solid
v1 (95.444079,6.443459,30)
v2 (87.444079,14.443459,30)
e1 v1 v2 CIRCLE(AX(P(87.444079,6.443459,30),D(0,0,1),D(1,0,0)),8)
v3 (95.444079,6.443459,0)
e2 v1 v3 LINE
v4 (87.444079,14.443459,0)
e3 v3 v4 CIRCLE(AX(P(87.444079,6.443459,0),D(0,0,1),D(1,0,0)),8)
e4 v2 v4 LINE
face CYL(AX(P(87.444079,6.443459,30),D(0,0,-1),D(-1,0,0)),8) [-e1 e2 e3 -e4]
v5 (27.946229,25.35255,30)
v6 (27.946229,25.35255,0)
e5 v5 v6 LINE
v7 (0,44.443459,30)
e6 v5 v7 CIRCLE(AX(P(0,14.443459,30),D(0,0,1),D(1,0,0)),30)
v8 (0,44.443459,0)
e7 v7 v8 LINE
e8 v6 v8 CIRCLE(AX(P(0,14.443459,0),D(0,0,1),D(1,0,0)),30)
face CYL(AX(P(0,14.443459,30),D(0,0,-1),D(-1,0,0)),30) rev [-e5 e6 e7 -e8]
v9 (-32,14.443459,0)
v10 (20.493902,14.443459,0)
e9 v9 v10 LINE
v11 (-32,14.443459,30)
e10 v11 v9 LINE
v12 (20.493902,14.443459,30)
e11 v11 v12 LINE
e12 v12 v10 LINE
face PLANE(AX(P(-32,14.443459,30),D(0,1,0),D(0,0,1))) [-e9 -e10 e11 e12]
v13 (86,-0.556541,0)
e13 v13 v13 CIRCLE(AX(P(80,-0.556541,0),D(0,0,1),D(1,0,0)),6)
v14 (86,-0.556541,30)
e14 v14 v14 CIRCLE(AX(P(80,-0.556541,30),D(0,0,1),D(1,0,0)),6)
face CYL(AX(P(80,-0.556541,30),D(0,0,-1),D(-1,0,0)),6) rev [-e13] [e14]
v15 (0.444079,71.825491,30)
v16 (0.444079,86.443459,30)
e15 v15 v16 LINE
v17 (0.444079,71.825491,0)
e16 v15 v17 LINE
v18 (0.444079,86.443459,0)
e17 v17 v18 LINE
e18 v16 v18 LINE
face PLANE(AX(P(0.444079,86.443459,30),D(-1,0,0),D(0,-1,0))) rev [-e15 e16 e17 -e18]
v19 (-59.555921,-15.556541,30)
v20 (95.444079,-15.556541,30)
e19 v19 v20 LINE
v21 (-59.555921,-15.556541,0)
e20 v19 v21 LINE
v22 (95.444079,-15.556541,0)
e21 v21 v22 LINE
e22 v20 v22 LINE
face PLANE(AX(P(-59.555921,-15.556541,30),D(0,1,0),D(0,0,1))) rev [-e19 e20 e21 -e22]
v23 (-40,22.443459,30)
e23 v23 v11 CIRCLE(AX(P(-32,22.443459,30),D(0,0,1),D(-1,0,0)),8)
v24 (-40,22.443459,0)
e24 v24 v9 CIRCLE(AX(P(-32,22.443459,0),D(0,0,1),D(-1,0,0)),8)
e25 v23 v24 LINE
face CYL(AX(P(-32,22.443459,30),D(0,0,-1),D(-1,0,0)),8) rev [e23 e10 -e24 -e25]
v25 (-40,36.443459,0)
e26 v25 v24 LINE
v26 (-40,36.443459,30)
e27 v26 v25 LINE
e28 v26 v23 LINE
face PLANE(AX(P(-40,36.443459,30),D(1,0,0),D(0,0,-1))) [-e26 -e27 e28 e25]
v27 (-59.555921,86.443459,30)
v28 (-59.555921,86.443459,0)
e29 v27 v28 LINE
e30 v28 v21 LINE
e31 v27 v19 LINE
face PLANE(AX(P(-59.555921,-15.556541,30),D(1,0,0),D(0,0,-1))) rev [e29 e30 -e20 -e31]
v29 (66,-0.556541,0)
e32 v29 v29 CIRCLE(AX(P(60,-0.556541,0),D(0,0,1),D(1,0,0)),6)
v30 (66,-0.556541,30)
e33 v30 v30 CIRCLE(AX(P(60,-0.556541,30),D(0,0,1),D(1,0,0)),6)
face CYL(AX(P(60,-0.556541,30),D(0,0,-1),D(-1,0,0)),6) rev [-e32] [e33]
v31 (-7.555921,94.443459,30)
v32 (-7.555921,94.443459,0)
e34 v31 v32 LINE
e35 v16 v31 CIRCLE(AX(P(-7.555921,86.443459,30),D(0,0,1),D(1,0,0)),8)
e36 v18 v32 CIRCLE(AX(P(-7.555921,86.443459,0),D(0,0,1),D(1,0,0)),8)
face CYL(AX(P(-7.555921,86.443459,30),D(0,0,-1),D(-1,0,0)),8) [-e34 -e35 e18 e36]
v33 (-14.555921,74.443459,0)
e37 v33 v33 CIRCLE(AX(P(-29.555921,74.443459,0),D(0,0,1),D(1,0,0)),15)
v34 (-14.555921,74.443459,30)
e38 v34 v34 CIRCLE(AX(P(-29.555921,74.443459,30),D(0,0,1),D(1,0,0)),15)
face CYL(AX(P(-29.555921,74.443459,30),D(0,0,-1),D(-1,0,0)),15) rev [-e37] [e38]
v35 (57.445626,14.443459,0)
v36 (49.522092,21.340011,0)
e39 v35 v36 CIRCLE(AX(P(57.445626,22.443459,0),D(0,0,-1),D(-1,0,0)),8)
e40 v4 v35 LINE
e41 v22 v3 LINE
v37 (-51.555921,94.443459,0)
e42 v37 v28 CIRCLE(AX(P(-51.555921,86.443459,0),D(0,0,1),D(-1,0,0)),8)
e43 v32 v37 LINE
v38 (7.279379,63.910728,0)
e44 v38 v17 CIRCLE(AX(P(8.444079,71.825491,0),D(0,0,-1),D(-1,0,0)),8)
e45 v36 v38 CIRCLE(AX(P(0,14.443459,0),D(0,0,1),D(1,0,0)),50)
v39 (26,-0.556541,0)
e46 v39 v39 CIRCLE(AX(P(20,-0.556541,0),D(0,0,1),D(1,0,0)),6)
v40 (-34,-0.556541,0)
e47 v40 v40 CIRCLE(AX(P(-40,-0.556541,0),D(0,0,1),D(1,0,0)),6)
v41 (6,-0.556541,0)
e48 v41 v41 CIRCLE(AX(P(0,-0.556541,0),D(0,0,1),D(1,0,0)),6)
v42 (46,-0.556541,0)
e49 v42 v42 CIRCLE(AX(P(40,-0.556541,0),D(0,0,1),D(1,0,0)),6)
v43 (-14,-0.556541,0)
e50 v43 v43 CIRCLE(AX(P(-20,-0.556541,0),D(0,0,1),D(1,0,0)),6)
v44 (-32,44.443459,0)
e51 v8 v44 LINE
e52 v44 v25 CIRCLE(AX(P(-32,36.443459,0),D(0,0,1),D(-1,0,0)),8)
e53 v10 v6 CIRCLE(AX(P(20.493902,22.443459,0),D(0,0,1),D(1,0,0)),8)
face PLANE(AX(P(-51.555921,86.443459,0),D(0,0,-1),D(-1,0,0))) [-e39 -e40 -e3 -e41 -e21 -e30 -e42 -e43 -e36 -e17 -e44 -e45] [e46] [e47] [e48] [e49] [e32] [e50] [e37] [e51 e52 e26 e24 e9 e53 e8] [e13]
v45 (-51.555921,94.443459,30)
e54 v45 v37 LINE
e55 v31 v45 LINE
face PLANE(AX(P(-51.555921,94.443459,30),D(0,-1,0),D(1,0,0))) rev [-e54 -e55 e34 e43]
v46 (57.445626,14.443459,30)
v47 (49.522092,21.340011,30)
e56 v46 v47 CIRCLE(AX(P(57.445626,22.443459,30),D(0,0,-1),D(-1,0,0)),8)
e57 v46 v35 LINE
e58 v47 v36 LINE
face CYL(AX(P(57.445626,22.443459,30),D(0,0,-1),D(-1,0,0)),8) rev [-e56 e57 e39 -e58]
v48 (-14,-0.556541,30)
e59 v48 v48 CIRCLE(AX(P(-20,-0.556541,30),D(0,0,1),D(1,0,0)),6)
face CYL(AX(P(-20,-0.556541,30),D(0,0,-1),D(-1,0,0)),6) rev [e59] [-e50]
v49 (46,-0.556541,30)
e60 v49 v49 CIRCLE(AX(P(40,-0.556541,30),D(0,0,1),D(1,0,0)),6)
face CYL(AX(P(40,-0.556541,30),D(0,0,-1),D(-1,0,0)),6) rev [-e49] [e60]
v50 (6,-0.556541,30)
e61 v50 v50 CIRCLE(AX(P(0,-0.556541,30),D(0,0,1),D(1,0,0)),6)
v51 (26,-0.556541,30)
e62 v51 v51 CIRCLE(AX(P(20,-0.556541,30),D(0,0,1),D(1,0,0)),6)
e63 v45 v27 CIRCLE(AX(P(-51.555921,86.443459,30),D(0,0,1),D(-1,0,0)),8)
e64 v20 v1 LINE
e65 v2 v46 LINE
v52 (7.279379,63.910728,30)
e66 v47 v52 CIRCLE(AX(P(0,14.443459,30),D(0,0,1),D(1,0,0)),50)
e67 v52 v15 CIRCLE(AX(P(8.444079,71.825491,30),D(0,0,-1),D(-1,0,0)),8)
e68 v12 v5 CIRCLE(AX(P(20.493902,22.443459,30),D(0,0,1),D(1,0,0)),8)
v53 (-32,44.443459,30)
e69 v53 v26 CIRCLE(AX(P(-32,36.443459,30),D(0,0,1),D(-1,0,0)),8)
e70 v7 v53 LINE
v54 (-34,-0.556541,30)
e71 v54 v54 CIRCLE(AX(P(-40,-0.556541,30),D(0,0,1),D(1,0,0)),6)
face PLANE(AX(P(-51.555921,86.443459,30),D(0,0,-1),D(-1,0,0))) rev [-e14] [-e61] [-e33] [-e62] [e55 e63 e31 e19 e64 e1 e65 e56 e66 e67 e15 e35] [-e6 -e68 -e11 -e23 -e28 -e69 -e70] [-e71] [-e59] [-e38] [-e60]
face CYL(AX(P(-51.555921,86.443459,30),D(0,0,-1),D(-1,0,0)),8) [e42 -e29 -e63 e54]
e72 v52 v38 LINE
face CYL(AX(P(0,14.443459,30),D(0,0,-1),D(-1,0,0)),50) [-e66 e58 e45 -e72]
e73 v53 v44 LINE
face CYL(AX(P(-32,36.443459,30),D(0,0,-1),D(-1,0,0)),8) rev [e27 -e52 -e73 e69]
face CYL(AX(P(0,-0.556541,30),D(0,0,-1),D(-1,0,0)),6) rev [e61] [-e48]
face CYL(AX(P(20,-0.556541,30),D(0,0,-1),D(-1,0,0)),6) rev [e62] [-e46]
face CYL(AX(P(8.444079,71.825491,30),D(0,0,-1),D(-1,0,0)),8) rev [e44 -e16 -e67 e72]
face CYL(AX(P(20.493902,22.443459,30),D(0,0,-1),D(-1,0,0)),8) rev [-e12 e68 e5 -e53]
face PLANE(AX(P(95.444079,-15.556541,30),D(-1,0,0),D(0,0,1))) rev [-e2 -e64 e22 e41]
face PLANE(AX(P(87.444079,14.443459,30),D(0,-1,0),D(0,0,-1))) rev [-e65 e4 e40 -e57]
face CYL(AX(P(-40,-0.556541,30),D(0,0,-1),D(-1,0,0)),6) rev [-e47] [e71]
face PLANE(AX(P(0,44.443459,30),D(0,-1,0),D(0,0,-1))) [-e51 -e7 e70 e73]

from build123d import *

# Parameters (mm, degrees)
SKETCH1_R           = 15
SKETCH1_R_2         = 6
BOSS_EXTRUDE1_DEPTH = 30


with BuildPart() as part:
    # Sketch1 → Boss-Extrude1 (new body)
    with BuildSketch(Plane.XY):
        with BuildLine():
            Line((-59.555920585, -15.55654054), (95.444079415, -15.55654054))
            Line((95.444079415, -15.55654054), (95.444079415, 6.44345946))
            ThreePointArc((95.444079415, 6.44345946), (93.100933664, 12.100313709), (87.444079415, 14.44345946))
            Line((87.444079415, 14.44345946), (57.445626465, 14.44345946))
            ThreePointArc((57.445626465, 14.44345946), (52.193369151, 16.409075224), (49.522091781, 21.340011184))
            ThreePointArc((49.522091781, 21.340011184), (35.491805322, 49.661803472), (7.279378806, 63.910727872))
            ThreePointArc((7.279378806, 63.910727872), (2.389428109, 66.596609718), (0.444079415, 71.825490818))
            Line((0.444079415, 71.825490818), (0.444079415, 86.44345946))
            ThreePointArc((0.444079415, 86.44345946), (-1.899066336, 92.100313709), (-7.555920585, 94.44345946))
            Line((-7.555920585, 94.44345946), (-51.555920585, 94.44345946))
            ThreePointArc((-51.555920585, 94.44345946), (-57.212774835, 92.100313709), (-59.555920585, 86.44345946))
            Line((-59.555920585, 86.44345946), (-59.555920585, -15.55654054))
        make_face()
        with Locations((-29.555920585, 74.44345946)):
            Circle(SKETCH1_R, mode=Mode.SUBTRACT)
        with Locations((-40, -0.55654054)):
            Circle(SKETCH1_R_2, mode=Mode.SUBTRACT)
        with Locations((-20, -0.55654054)):
            Circle(SKETCH1_R_2, mode=Mode.SUBTRACT)
        with Locations((0, -0.55654054)):
            Circle(SKETCH1_R_2, mode=Mode.SUBTRACT)
        with Locations((20, -0.55654054)):
            Circle(SKETCH1_R_2, mode=Mode.SUBTRACT)
        with Locations((40, -0.55654054)):
            Circle(SKETCH1_R_2, mode=Mode.SUBTRACT)
        with Locations((60, -0.55654054)):
            Circle(SKETCH1_R_2, mode=Mode.SUBTRACT)
        with Locations((80, -0.55654054)):
            Circle(SKETCH1_R_2, mode=Mode.SUBTRACT)
        with BuildLine():
            Line((0, 44.44345946), (-32, 44.44345946))
            ThreePointArc((-32, 44.44345946), (-37.656854249, 42.100313709), (-40, 36.44345946))
            Line((-40, 36.44345946), (-40, 22.44345946))
            ThreePointArc((-40, 22.44345946), (-37.656854249, 16.78660521), (-32, 14.44345946))
            Line((-32, 14.44345946), (20.493901532, 14.44345946))
            ThreePointArc((20.493901532, 14.44345946), (27.099684123, 17.930850861), (27.946229362, 25.352550369))
            ThreePointArc((27.946229362, 25.352550369), (16.922282245, 39.215144175), (0, 44.44345946))
        make_face(mode=Mode.SUBTRACT)
    extrude(amount=BOSS_EXTRUDE1_DEPTH)


solid = part.part
